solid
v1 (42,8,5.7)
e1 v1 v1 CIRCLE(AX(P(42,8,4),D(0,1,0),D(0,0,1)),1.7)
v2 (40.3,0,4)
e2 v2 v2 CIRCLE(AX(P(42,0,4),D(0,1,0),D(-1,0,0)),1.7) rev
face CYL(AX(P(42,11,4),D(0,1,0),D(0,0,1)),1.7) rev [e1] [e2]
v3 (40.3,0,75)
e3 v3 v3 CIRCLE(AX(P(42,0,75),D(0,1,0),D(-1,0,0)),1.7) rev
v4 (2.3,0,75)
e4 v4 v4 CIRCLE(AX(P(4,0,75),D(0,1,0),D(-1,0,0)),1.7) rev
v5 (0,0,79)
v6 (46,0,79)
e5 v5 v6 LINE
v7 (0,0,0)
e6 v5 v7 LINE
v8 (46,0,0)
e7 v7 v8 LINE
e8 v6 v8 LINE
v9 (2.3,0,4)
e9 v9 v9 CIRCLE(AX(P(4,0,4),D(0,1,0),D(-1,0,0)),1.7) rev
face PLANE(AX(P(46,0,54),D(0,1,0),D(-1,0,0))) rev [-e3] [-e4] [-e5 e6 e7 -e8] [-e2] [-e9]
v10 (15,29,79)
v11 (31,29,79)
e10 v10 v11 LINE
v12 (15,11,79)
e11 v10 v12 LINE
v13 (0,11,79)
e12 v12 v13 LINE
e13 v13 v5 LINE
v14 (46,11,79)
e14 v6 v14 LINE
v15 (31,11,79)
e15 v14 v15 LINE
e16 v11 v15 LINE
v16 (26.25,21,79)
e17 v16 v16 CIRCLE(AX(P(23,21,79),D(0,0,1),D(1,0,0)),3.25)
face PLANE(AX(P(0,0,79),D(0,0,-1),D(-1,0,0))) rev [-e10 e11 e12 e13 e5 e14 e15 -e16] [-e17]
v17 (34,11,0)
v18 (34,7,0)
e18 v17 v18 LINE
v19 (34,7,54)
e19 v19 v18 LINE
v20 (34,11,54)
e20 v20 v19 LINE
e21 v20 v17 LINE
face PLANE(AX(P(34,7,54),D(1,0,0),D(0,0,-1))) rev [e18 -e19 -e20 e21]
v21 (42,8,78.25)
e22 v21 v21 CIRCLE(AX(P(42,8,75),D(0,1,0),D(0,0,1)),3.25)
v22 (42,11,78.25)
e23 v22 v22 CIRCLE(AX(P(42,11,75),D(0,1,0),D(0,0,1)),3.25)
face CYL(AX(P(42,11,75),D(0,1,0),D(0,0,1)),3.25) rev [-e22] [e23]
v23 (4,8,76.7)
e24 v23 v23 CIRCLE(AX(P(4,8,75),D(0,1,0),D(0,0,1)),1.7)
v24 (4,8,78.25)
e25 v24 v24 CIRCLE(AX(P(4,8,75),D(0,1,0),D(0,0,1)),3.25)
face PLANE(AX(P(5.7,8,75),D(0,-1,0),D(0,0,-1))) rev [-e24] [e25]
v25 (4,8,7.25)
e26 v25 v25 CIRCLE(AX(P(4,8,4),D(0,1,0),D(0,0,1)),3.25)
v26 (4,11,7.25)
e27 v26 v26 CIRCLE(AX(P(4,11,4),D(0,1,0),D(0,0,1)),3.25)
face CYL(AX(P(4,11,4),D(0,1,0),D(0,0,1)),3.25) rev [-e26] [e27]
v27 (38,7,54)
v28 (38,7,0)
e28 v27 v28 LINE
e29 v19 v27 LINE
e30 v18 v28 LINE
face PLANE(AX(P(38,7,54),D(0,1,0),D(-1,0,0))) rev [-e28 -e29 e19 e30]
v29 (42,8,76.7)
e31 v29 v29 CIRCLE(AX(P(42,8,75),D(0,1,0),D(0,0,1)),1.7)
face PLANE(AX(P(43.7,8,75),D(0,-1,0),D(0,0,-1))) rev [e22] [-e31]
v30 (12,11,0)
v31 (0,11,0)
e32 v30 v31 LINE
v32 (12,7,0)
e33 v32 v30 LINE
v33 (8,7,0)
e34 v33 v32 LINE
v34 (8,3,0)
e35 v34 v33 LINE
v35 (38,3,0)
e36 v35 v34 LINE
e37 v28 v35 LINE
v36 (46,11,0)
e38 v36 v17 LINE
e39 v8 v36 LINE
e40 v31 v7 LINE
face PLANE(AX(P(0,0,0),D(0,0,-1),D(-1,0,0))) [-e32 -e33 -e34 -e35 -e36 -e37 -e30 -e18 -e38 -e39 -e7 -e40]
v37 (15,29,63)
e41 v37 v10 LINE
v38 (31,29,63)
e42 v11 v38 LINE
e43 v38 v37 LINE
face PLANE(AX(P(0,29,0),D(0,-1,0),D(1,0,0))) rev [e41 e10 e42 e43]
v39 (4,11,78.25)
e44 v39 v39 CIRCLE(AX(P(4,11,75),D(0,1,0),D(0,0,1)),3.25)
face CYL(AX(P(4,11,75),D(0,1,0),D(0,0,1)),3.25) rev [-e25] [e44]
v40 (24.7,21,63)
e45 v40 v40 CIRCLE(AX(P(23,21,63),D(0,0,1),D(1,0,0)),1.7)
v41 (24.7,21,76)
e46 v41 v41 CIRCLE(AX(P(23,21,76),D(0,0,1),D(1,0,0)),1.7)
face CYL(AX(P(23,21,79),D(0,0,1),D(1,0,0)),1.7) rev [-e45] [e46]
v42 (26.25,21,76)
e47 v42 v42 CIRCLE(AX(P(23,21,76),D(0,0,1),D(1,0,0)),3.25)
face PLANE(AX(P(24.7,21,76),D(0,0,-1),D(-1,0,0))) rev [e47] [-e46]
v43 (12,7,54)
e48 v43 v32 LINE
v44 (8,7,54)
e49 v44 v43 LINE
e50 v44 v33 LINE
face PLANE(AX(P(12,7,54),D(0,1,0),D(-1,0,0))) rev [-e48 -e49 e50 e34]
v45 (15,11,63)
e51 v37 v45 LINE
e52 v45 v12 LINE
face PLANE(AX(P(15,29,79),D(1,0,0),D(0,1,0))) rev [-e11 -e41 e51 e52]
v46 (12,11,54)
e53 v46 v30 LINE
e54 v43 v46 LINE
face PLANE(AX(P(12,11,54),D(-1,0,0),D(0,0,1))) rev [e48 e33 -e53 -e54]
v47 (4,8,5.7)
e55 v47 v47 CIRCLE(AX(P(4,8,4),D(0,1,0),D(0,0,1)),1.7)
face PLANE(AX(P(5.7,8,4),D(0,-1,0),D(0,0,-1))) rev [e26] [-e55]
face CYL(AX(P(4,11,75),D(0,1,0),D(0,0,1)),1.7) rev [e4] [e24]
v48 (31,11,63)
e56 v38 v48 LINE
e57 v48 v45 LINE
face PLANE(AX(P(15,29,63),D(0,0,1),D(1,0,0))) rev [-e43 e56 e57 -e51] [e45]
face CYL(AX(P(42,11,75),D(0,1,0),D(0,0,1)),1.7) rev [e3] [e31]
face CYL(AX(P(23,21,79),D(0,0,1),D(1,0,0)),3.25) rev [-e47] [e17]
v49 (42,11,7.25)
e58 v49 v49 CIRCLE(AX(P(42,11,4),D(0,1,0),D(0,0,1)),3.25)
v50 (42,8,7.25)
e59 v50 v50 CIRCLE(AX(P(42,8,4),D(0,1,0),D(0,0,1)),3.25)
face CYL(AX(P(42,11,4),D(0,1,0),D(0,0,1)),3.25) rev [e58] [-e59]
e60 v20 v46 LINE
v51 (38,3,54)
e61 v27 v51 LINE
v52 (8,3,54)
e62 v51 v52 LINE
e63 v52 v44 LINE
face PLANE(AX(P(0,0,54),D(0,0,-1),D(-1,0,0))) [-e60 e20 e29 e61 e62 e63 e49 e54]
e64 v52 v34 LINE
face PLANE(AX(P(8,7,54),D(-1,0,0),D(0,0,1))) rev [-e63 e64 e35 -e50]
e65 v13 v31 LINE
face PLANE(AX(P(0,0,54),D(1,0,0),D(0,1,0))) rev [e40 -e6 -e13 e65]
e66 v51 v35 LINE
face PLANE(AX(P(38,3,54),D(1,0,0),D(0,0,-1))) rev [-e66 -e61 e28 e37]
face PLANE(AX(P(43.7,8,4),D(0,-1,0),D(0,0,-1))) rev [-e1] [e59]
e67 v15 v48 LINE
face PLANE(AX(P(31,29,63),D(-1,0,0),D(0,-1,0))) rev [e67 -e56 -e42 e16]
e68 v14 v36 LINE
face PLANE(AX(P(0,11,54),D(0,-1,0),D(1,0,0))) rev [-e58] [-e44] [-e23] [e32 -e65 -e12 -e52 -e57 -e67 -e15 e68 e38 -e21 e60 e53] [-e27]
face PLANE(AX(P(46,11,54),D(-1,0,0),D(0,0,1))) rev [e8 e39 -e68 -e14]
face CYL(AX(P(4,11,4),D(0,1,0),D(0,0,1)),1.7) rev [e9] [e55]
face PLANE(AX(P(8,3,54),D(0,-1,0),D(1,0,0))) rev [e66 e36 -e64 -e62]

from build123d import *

# Parameters (mm, degrees)
EXTRUDE_1_DEPTH             = 54
EXTRUDE_2_DEPTH             = 25
HOLE_WIZARD_M31_D           = 3.4
HOLE_WIZARD_M31_CBORE_D     = 6.5
HOLE_WIZARD_M31_CBORE_DEPTH = 3
SKETCH_6_W                  = 16
SKETCH_6_H                  = 16
EXTRUDE_3_DEPTH             = 18
HOLE_WIZARD_M32_D           = 3.4
HOLE_WIZARD_M32_CBORE_D     = 6.5
HOLE_WIZARD_M32_CBORE_DEPTH = 3


with BuildPart() as part:
    # Эскиз1 → Бобышка-Вытянуть1 (new body)
    with BuildSketch(Plane.XY):
        Polygon((0, 0), (0, 11), (12, 11), (12, 7), (8, 7), (8, 3), (38, 3), (38, 7), (34, 7), (34, 11), (46, 11), (46, 0), align=None)
    extrude(amount=EXTRUDE_1_DEPTH)

    # Эскиз2 → Бобышка-Вытянуть2 (add)
    with BuildSketch(Plane.XY.offset(54)):
        Polygon((0, 11), (12, 11), (34, 11), (46, 11), (46, 0), (0, 0), align=None)
    extrude(amount=EXTRUDE_2_DEPTH)

    # Цековка для винта с внутренним шестигранником M31 (through all)
    with Locations(Plane(origin=(0, 11, 0), x_dir=(1, 0, 0), z_dir=(0, 1, 0))):
        with Locations((42, -4), (42, -75), (4, -4), (4, -75)):
            CounterBoreHole(HOLE_WIZARD_M31_D / 2, HOLE_WIZARD_M31_CBORE_D / 2, HOLE_WIZARD_M31_CBORE_DEPTH)

    # Эскиз6 → Бобышка-Вытянуть3 (add)
    with BuildSketch(Plane(origin=(0, 11, 0), x_dir=(1, 0, 0), z_dir=(0, 1, 0))):
        with Locations((23, -71)):
            Rectangle(SKETCH_6_W, SKETCH_6_H)
    extrude(amount=EXTRUDE_3_DEPTH)

    # Цековка для винта с внутренним шестигранником M32 (through all)
    with Locations(Plane.XY.offset(79)):
        with Locations((23, 21)):
            CounterBoreHole(HOLE_WIZARD_M32_D / 2, HOLE_WIZARD_M32_CBORE_D / 2, HOLE_WIZARD_M32_CBORE_DEPTH)


solid = part.part
